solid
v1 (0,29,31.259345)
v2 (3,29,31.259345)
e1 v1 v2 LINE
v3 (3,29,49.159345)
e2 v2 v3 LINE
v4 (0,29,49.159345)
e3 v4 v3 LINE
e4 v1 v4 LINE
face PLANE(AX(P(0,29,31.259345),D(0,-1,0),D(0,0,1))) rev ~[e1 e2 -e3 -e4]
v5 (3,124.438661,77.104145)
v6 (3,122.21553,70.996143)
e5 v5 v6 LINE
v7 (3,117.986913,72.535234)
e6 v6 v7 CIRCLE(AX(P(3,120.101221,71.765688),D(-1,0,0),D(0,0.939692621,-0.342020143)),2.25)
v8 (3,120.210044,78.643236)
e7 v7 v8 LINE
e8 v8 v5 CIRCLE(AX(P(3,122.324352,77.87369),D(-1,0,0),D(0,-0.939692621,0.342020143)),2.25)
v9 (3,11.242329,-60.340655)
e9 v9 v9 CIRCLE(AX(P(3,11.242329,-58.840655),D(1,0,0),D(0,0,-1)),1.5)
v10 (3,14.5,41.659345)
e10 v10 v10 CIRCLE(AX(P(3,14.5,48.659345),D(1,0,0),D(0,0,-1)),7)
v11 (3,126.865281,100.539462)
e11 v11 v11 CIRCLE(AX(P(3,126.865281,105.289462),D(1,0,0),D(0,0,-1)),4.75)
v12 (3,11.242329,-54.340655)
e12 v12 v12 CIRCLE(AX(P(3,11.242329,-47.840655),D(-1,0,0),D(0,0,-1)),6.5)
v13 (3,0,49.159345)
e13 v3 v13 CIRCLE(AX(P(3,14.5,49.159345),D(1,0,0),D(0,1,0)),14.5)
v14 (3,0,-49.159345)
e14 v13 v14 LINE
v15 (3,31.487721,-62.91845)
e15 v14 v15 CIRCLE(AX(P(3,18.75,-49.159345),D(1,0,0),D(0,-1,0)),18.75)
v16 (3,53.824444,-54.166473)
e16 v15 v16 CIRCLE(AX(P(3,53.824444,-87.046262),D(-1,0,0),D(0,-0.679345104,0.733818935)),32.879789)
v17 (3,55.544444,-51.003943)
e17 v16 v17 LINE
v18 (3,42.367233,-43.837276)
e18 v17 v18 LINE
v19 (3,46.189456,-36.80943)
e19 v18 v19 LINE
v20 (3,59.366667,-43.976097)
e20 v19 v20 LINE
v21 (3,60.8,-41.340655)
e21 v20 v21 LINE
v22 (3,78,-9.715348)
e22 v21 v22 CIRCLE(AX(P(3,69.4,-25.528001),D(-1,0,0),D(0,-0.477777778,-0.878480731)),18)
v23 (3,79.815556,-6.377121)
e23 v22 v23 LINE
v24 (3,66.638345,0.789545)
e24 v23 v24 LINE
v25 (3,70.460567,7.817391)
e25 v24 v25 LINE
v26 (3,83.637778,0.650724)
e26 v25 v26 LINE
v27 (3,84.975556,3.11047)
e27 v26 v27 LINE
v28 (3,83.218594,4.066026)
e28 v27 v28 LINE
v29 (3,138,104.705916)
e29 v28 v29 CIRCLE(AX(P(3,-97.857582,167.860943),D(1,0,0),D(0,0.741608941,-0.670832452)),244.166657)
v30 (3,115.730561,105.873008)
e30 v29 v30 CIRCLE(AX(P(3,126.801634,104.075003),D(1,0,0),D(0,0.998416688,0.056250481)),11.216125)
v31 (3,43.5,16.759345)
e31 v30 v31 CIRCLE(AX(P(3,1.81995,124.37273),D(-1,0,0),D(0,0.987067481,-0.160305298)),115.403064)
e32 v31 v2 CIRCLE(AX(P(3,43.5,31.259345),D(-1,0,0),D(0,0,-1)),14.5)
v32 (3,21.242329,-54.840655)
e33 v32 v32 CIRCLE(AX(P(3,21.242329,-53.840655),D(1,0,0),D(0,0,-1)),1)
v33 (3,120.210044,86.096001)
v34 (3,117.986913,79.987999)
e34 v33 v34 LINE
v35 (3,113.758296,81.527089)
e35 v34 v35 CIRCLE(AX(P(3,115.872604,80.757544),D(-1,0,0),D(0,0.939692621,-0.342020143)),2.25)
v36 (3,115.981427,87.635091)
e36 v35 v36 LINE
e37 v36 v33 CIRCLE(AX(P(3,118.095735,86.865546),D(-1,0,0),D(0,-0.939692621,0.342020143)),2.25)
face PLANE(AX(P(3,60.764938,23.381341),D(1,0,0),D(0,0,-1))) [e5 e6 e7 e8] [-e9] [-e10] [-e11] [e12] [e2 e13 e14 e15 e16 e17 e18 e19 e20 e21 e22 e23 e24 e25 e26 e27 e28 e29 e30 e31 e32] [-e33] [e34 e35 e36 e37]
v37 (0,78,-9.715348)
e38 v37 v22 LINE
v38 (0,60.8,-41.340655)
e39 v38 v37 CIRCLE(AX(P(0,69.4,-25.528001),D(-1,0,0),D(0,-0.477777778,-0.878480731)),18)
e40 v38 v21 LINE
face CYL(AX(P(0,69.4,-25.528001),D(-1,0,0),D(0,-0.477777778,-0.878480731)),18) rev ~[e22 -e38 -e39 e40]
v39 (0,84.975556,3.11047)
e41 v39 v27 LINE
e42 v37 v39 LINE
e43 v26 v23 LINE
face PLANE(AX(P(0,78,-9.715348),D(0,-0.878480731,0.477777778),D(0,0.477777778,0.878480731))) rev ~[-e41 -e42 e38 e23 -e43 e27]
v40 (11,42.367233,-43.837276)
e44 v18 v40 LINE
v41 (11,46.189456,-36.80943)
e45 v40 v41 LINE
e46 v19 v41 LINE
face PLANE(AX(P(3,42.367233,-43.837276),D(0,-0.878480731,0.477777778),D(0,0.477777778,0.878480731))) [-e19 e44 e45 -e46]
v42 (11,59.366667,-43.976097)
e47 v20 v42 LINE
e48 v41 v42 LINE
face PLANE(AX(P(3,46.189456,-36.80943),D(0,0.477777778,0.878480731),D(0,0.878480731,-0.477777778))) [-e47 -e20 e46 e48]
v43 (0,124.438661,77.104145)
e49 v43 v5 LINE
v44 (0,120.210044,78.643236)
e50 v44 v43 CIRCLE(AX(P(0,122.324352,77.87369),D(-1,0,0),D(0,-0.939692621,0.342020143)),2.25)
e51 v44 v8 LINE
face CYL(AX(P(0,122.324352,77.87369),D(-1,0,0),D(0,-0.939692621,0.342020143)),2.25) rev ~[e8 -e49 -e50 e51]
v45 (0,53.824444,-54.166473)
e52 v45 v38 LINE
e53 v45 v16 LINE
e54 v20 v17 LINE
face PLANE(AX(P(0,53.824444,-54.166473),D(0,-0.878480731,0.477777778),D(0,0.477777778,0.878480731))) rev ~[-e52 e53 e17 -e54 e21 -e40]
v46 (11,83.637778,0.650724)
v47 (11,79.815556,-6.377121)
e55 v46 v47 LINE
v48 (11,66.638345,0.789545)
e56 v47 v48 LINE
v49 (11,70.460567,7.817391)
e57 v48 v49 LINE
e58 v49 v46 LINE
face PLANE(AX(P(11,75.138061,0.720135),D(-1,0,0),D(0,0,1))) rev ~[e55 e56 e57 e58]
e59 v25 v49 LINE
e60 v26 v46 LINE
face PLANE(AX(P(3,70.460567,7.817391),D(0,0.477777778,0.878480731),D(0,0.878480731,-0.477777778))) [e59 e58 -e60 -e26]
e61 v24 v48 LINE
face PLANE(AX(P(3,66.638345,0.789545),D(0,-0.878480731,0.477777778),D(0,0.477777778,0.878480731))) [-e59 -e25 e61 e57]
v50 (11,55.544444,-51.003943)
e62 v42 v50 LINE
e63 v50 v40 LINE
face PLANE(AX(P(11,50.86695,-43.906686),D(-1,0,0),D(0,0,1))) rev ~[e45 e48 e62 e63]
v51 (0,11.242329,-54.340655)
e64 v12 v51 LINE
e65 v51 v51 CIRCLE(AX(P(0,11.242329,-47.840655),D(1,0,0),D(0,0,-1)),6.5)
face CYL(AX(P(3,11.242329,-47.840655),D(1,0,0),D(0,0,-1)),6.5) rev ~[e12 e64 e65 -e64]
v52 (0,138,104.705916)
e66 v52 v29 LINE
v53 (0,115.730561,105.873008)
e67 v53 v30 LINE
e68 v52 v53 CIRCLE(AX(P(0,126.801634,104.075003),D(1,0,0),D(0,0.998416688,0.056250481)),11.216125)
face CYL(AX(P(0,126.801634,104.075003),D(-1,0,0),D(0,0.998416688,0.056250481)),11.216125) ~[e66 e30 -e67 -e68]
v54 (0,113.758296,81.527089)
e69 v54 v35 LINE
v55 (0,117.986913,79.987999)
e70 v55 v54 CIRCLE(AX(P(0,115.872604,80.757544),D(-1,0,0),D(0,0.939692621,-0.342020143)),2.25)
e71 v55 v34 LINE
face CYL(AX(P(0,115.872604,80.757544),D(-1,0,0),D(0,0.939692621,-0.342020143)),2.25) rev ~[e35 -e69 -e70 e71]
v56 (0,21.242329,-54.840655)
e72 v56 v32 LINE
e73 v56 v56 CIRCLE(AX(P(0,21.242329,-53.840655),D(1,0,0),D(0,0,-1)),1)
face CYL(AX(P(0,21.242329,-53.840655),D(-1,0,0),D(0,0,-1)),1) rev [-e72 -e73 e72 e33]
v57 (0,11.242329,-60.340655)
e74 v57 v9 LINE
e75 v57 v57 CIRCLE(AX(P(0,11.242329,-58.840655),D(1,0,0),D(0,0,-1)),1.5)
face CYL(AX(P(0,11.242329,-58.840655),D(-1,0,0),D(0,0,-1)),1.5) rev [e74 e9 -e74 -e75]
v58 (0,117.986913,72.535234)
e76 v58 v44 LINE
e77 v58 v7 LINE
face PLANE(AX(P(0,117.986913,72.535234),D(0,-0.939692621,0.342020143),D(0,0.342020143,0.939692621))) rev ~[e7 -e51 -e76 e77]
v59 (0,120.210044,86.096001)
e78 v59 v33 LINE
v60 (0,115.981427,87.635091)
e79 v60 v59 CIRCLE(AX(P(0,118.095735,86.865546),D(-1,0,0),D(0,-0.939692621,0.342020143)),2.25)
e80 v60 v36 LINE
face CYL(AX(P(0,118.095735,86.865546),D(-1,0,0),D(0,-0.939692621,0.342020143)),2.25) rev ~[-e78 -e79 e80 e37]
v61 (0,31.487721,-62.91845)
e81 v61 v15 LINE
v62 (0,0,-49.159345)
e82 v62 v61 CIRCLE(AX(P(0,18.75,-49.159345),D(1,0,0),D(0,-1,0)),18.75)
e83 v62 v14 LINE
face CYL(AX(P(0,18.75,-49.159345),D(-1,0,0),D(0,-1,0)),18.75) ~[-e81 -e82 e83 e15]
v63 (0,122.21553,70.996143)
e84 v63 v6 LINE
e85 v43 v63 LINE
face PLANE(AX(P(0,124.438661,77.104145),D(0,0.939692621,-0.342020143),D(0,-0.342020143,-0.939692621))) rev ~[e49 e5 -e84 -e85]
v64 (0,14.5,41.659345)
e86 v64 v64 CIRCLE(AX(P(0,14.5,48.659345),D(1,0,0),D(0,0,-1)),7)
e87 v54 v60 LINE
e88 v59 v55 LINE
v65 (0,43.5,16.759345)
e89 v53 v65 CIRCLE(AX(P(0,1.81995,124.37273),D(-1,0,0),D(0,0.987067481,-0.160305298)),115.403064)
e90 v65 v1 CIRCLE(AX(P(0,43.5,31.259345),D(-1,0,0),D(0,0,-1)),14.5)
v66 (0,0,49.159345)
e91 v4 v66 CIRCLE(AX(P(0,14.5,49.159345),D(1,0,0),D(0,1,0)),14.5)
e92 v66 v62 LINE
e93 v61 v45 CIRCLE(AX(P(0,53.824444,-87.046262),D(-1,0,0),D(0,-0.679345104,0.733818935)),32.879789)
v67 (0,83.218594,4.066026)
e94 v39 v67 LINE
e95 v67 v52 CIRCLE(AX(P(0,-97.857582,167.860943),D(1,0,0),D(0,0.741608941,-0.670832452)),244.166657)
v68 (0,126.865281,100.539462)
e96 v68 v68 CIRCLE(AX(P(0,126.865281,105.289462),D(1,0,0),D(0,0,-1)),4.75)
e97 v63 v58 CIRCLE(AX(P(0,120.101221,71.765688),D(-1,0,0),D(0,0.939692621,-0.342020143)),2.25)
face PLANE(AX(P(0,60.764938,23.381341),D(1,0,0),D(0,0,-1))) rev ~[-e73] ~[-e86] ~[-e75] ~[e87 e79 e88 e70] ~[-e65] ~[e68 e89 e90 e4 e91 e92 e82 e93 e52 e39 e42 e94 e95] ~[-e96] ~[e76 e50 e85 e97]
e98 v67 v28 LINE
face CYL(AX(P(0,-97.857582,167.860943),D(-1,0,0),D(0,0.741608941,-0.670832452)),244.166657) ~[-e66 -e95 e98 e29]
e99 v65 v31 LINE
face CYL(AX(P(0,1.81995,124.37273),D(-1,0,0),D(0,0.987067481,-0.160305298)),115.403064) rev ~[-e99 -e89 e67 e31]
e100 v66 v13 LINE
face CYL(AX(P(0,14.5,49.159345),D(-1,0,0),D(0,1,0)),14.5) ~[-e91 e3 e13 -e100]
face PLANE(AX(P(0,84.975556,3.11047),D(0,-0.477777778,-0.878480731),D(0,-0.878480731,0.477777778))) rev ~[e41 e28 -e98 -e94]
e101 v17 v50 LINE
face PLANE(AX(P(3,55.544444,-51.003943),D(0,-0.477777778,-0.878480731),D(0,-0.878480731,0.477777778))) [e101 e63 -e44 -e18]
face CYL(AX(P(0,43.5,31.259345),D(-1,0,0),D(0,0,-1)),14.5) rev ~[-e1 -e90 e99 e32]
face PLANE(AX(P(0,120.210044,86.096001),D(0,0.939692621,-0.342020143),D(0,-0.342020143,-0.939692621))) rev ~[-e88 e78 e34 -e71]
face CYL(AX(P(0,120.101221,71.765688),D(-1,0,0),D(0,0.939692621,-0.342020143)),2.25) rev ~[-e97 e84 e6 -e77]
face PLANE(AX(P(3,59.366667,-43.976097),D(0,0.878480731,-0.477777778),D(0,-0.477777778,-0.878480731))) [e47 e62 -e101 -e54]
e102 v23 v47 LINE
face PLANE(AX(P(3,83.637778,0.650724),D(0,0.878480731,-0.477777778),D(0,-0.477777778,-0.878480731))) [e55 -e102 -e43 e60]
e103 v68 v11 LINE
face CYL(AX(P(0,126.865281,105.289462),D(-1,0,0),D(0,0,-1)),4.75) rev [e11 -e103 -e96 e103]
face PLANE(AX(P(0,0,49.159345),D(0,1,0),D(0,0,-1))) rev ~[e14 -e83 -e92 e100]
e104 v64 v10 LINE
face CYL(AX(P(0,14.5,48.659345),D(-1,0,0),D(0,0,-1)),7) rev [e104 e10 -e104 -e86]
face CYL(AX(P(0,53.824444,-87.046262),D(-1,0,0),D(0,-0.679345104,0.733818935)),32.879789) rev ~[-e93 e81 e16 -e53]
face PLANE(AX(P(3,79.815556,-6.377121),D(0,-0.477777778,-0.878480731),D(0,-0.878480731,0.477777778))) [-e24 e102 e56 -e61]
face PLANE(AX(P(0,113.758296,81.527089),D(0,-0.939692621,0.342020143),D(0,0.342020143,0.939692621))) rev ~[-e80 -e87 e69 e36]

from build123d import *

# Parameters (mm, degrees)
SKETCH1_R           = 1.5
SKETCH1_R_2         = 1
SKETCH1_R_3         = 7
SKETCH1_R_4         = 4.75
BOSS_EXTRUDE1_DEPTH = 3
BOSS_EXTRUDE2_DEPTH = 8
SKETCH4_R           = 6.5
CUT_EXTRUDE1_DEPTH  = 10


with BuildPart() as part:
    # Sketch1 → Boss-Extrude1 (new body)
    with BuildSketch(Plane(origin=(0, 0, 0), x_dir=(0, 0, -1), z_dir=(1, 0, 0))):
        with BuildLine():
            Line((-49.159345461, 0), (49.159345461, 0))
            ThreePointArc((49.159345461, 0), (66.340654539, 11.242329364), (62.91845049, 31.487720707))
            ThreePointArc((62.91845049, 31.487720707), (56.432557087, 41.829379484), (54.166473214, 53.824444444))
            Line((54.166473214, 53.824444444), (41.340654539, 60.8))
            ThreePointArc((41.340654539, 60.8), (16.928001378, 53.587346839), (9.715348216, 78))
            Line((9.715348216, 78), (-3.110470459, 84.975555556))
            Line((-3.110470459, 84.975555556), (-4.066026015, 83.218594093))
            ThreePointArc((-4.066026015, 83.218594093), (-51.126972403, 116.596460909), (-104.705915866, 138))
            ThreePointArc((-104.705915866, 138), (-115.275757126, 127.38864025), (-105.87300769, 115.730561375))
            ThreePointArc((-105.87300769, 115.730561375), (-51.706077225, 91.471635272), (-16.759345461, 43.5))
            ThreePointArc((-16.759345461, 43.5), (-21.006297134, 33.246951673), (-31.259345461, 29))
            Line((-31.259345461, 29), (-49.159345461, 29))
            ThreePointArc((-49.159345461, 29), (-63.659345461, 14.5), (-49.159345461, 0))
        make_face()
        with Locations((58.840654539, 11.242329364)):
            Circle(SKETCH1_R, mode=Mode.SUBTRACT)
        with Locations((53.840654539, 21.242329364)):
            Circle(SKETCH1_R_2, mode=Mode.SUBTRACT)
        with Locations((-48.659345461, 14.5)):
            Circle(SKETCH1_R_3, mode=Mode.SUBTRACT)
        with Locations((-105.289461778, 126.865280687)):
            Circle(SKETCH1_R_4, mode=Mode.SUBTRACT)
        with BuildLine():
            Line((45.840654539, 15.742329364), (47.840654539, 15.742329364))
            ThreePointArc((47.840654539, 15.742329364), (52.340654539, 11.242329364), (47.840654539, 6.742329364))
            Line((47.840654539, 6.742329364), (45.840654539, 6.742329364))
            ThreePointArc((45.840654539, 6.742329364), (41.340654539, 11.242329364), (45.840654539, 15.742329364))
        make_face(mode=Mode.SUBTRACT)
        with BuildLine():
            Line((-86.096000708, 120.210043762), (-79.987998673, 117.98691283))
            ThreePointArc((-79.987998673, 117.98691283), (-78.643235599, 115.103059111), (-81.527089318, 113.758296037))
            Line((-81.527089318, 113.758296037), (-87.635091353, 115.981426968))
            ThreePointArc((-87.635091353, 115.981426968), (-88.979854428, 118.865280687), (-86.096000708, 120.210043762))
        make_face(mode=Mode.SUBTRACT)
        with BuildLine():
            Line((-77.104144954, 124.438660555), (-70.996142919, 122.215529624))
            ThreePointArc((-70.996142919, 122.215529624), (-69.651379845, 119.331675904), (-72.535233564, 117.98691283))
            Line((-72.535233564, 117.98691283), (-78.643235599, 120.210043762))
            ThreePointArc((-78.643235599, 120.210043762), (-79.987998673, 123.093897481), (-77.104144954, 124.438660555))
        make_face(mode=Mode.SUBTRACT)
    extrude(amount=BOSS_EXTRUDE1_DEPTH)

    # Sketch2 → Boss-Extrude2 (add)
    with BuildSketch(Plane(origin=(3, 0, 0), x_dir=(0, 0, -1), z_dir=(1, 0, 0))):
        Polygon((43.976096732, 59.366666667), (51.003942582, 55.544444444), (43.837275915, 42.367233477), (36.809430066, 46.189455699), align=None)
        Polygon((-0.650724412, 83.637777778), (6.377121438, 79.815555556), (-0.789545229, 66.638344588), (-7.817391078, 70.46056681), align=None)
    extrude(amount=BOSS_EXTRUDE2_DEPTH)

    # Sketch4 → Cut-Extrude1 (cut)
    with BuildSketch(Plane(origin=(3, 0, 0), x_dir=(0, 0, -1), z_dir=(1, 0, 0))):
        with Locations((47.840654539, 11.242329364)):
            Circle(SKETCH4_R)
    extrude(amount=-CUT_EXTRUDE1_DEPTH, mode=Mode.SUBTRACT)


solid = part.part
